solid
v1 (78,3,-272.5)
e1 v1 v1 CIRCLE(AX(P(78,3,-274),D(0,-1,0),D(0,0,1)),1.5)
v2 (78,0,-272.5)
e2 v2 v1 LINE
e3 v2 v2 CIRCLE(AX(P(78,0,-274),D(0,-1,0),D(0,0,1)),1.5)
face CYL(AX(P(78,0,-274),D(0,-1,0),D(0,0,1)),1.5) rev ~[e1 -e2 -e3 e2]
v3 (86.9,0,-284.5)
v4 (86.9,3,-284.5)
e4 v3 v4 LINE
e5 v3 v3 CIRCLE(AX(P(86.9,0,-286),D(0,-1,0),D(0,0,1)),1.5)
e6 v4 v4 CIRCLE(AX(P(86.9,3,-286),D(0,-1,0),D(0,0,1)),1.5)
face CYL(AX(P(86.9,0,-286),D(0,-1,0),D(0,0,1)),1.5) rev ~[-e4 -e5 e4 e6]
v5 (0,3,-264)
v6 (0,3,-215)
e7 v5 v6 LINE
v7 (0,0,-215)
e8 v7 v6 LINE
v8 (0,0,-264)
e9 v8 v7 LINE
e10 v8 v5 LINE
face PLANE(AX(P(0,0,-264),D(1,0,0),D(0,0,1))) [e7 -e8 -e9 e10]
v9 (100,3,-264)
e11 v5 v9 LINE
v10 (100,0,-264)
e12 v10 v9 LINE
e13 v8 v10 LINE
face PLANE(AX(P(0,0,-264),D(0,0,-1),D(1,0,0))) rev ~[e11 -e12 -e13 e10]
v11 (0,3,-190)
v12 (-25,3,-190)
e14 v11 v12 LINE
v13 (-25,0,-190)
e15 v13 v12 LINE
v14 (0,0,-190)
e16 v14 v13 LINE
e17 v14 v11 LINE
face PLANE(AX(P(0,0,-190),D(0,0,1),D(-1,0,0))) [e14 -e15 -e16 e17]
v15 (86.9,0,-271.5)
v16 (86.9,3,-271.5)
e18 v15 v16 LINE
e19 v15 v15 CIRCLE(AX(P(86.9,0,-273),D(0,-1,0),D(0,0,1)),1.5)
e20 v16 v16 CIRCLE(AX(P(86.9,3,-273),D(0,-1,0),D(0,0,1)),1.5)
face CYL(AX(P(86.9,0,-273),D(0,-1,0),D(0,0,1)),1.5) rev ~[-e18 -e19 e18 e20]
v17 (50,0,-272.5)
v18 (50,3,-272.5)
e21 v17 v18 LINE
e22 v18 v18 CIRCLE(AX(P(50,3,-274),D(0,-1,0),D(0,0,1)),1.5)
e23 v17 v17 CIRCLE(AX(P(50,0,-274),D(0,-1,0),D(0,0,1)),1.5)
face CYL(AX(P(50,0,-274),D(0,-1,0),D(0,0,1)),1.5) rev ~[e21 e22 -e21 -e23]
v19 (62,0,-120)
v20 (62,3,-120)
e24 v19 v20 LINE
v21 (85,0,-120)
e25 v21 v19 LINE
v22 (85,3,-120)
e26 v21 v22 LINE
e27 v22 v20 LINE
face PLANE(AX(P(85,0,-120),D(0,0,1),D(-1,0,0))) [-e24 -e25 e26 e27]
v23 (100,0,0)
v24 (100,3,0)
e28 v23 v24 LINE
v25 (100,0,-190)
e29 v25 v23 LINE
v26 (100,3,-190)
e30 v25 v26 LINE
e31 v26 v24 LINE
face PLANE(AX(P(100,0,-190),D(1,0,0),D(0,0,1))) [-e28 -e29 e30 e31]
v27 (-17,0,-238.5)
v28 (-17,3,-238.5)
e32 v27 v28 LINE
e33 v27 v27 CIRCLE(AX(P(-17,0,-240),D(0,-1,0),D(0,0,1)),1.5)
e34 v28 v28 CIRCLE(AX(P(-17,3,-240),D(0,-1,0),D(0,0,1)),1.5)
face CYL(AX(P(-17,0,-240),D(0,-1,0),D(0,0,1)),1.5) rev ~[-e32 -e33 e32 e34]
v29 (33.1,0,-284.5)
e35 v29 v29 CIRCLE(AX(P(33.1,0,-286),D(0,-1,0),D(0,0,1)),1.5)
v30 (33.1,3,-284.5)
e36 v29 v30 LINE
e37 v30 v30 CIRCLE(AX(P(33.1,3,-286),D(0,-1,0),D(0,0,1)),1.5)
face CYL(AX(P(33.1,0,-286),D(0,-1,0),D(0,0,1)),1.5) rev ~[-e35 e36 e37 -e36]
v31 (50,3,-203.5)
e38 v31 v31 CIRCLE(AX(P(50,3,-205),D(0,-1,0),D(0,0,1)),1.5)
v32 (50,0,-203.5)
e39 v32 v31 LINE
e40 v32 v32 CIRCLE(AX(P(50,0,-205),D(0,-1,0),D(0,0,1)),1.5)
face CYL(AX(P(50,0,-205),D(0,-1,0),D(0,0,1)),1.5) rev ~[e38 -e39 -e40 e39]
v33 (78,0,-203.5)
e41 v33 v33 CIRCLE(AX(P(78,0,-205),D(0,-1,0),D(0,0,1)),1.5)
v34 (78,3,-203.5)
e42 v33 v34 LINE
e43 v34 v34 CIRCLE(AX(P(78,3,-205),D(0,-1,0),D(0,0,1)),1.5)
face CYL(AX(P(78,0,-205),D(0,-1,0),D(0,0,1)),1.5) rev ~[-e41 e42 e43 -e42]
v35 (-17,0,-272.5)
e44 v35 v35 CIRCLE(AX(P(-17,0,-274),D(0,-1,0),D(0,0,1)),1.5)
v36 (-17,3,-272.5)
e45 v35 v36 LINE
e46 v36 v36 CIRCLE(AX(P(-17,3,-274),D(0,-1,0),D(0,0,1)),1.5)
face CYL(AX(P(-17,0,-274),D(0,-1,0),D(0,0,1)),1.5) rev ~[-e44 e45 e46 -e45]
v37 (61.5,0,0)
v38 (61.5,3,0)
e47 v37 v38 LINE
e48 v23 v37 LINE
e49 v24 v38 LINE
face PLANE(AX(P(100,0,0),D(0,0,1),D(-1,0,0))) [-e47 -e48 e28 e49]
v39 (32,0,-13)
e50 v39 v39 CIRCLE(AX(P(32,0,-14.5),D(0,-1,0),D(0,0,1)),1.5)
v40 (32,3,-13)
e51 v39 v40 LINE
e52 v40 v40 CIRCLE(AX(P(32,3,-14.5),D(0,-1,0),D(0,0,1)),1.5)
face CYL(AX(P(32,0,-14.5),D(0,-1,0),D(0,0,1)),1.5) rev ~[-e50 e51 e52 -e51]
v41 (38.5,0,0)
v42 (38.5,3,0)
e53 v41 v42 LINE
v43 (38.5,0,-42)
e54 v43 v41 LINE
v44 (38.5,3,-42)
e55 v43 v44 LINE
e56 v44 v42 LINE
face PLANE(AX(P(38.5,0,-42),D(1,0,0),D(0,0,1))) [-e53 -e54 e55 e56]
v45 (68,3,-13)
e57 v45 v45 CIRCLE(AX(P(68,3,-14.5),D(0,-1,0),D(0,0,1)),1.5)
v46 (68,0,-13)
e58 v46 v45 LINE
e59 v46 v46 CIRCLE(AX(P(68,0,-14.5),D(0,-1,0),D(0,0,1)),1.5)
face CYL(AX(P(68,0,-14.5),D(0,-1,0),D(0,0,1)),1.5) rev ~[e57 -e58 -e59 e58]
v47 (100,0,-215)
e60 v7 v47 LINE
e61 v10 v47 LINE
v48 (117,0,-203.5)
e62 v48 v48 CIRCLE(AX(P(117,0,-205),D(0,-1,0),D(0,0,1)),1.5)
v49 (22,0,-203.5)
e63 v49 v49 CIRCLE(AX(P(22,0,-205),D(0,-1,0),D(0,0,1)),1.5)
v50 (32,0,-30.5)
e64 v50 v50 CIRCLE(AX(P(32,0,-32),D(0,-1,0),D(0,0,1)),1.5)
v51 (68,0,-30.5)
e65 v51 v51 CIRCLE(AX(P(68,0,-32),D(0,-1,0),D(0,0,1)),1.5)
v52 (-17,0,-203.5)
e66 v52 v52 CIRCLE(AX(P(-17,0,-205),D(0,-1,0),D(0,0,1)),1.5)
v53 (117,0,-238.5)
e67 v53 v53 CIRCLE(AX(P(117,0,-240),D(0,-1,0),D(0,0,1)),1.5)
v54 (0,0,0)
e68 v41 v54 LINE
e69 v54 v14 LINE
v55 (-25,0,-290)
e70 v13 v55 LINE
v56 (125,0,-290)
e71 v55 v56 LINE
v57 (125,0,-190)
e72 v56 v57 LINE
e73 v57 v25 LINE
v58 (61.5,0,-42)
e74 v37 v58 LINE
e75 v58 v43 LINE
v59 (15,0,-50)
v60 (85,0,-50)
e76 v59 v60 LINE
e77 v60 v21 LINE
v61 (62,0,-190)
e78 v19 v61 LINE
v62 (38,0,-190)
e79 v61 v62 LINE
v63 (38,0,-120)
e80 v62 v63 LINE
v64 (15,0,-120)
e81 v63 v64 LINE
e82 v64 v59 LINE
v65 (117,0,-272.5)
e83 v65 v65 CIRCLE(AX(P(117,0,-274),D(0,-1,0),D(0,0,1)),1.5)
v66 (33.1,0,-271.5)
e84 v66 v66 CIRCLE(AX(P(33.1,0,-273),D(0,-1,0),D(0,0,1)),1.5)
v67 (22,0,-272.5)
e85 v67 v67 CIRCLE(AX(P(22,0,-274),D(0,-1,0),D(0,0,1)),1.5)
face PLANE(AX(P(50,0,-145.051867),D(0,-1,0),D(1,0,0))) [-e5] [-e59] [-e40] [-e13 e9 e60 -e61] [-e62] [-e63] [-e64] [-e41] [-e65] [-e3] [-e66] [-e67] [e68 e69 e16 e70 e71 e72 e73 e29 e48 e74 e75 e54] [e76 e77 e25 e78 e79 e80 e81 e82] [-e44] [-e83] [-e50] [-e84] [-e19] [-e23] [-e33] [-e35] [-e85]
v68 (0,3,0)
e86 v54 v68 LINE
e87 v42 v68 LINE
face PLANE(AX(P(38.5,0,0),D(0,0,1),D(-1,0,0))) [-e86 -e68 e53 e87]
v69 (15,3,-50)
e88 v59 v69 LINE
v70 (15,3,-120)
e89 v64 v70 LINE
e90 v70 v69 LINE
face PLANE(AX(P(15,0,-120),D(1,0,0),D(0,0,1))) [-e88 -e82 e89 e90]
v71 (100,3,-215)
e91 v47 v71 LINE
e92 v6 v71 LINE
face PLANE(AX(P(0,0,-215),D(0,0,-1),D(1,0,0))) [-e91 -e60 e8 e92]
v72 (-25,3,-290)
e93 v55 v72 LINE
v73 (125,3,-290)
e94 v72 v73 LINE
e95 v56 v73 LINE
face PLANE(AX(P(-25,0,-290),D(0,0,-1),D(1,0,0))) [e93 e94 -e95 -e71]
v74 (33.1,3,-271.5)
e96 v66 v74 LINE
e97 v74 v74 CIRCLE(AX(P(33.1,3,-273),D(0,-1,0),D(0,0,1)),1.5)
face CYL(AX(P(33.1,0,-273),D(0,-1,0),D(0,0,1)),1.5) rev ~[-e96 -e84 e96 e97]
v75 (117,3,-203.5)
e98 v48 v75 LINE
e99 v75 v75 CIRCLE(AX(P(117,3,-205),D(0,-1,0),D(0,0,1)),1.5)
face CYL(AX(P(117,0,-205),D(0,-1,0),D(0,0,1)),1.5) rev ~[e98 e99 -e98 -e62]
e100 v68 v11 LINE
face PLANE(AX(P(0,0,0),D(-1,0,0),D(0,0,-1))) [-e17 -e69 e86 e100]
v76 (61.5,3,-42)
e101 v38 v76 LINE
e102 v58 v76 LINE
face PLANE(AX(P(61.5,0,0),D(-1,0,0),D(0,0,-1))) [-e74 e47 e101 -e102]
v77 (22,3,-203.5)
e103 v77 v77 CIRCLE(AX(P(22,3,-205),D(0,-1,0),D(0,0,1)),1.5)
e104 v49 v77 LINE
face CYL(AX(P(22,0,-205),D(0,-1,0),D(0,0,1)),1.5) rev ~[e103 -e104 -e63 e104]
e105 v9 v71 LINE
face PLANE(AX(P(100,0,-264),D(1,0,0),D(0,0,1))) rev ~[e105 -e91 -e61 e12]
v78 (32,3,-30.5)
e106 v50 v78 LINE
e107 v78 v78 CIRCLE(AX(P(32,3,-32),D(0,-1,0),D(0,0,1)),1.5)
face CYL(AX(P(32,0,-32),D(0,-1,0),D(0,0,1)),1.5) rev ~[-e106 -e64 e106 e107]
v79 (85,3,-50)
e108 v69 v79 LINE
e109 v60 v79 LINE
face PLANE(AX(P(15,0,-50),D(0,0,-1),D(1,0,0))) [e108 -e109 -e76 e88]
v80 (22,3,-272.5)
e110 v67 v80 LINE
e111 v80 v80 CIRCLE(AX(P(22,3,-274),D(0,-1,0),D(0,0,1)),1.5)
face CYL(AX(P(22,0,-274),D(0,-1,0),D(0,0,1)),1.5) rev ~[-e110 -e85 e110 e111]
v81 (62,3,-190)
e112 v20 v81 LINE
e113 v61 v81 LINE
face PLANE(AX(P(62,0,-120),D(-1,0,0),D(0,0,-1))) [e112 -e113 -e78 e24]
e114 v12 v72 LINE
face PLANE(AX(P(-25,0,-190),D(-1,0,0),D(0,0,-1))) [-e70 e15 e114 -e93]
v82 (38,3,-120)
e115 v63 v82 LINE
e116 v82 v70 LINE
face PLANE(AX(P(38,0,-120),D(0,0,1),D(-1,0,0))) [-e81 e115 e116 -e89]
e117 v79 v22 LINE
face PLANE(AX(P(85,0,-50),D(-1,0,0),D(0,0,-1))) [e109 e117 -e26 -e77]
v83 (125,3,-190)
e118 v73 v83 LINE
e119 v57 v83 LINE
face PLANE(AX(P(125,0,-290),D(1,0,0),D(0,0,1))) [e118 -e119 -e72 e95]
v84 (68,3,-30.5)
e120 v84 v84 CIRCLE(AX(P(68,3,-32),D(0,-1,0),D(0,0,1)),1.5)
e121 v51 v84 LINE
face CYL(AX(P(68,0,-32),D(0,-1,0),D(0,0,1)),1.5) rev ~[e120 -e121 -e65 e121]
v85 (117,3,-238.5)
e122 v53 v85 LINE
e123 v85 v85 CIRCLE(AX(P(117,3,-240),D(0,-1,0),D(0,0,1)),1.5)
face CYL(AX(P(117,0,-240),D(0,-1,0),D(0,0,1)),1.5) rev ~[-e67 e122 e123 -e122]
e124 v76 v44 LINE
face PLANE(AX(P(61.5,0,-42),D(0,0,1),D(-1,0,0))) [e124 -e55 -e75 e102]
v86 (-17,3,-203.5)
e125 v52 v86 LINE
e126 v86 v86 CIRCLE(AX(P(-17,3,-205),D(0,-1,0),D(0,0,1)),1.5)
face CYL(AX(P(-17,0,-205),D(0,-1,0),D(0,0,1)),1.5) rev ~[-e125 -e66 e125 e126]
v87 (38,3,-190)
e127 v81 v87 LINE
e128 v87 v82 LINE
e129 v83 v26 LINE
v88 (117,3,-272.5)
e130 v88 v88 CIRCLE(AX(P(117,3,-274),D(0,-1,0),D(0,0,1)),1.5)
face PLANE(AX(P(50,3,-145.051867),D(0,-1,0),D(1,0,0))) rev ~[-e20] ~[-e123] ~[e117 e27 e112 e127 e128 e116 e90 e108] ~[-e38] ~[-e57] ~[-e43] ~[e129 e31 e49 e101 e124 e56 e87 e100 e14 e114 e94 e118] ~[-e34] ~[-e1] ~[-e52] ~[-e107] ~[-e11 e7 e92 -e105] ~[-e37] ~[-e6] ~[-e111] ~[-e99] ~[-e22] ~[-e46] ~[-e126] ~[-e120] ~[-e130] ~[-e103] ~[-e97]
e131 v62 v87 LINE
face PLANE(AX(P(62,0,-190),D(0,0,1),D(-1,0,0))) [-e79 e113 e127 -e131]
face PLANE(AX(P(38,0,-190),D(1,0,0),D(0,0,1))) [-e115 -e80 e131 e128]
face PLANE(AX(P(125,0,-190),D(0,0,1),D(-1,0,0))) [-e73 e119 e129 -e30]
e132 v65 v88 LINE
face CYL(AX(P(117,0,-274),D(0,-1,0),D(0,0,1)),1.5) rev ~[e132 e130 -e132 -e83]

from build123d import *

# Parameters (mm, degrees)
SKETCH_1_R      = 1.5
SKETCH_1_W      = 100
SKETCH_1_H      = 49
EXTRUDE_1_DEPTH = 3


with BuildPart() as part:
    # ｽｹｯﾁ1 → ﾎﾞｽ - 押し出し1 (new body)
    with BuildSketch(Plane.XZ):
        Polygon((61.5, -42), (38.5, -42), (38.5, 0), (0, 0), (0, -190), (-25, -190), (-25, -290), (125, -290), (125, -190), (100, -190), (100, 0), (61.5, 0), align=None)
        with Locations(Location((33.1, -286, 0), (0, 0, 90))):
            Circle(SKETCH_1_R, mode=Mode.SUBTRACT)
        with Locations(Location((86.9, -286, 0), (0, 0, 90))):
            Circle(SKETCH_1_R, mode=Mode.SUBTRACT)
        with Locations(Location((-17, -274, 0), (0, 0, 90))):
            Circle(SKETCH_1_R, mode=Mode.SUBTRACT)
        with Locations(Location((50, -274, 0), (0, 0, 90))):
            Circle(SKETCH_1_R, mode=Mode.SUBTRACT)
        with Locations(Location((117, -274, 0), (0, 0, 90))):
            Circle(SKETCH_1_R, mode=Mode.SUBTRACT)
        with Locations(Location((78, -205, 0), (0, 0, 90))):
            Circle(SKETCH_1_R, mode=Mode.SUBTRACT)
        with Locations(Location((22, -205, 0), (0, 0, 90))):
            Circle(SKETCH_1_R, mode=Mode.SUBTRACT)
        with Locations(Location((68, -14.5, 0), (0, 0, 90))):
            Circle(SKETCH_1_R, mode=Mode.SUBTRACT)
        with Locations(Location((32, -32, 0), (0, 0, 90))):
            Circle(SKETCH_1_R, mode=Mode.SUBTRACT)
        with Locations(Location((32, -14.5, 0), (0, 0, 90))):
            Circle(SKETCH_1_R, mode=Mode.SUBTRACT)
        with Locations(Location((68, -32, 0), (0, 0, 90))):
            Circle(SKETCH_1_R, mode=Mode.SUBTRACT)
        with Locations(Location((-17, -205, 0), (0, 0, 90))):
            Circle(SKETCH_1_R, mode=Mode.SUBTRACT)
        with Locations(Location((50, -205, 0), (0, 0, 90))):
            Circle(SKETCH_1_R, mode=Mode.SUBTRACT)
        with Locations(Location((117, -205, 0), (0, 0, 90))):
            Circle(SKETCH_1_R, mode=Mode.SUBTRACT)
        with Locations(Location((78, -274, 0), (0, 0, 90))):
            Circle(SKETCH_1_R, mode=Mode.SUBTRACT)
        with Locations(Location((22, -274, 0), (0, 0, 90))):
            Circle(SKETCH_1_R, mode=Mode.SUBTRACT)
        with Locations(Location((86.9, -273, 0), (0, 0, 90))):
            Circle(SKETCH_1_R, mode=Mode.SUBTRACT)
        with Locations(Location((33.1, -273, 0), (0, 0, 90))):
            Circle(SKETCH_1_R, mode=Mode.SUBTRACT)
        with Locations(Location((117, -240, 0), (0, 0, 90))):
            Circle(SKETCH_1_R, mode=Mode.SUBTRACT)
        with Locations(Location((-17, -240, 0), (0, 0, 90))):
            Circle(SKETCH_1_R, mode=Mode.SUBTRACT)
        with Locations((50, -239.5)):
            Rectangle(SKETCH_1_W, SKETCH_1_H, mode=Mode.SUBTRACT)
        Polygon((85, -50), (85, -120), (62, -120), (62, -190), (38, -190), (38, -120), (15, -120), (15, -50), align=None, mode=Mode.SUBTRACT)
    extrude(amount=-EXTRUDE_1_DEPTH)


solid = part.part
